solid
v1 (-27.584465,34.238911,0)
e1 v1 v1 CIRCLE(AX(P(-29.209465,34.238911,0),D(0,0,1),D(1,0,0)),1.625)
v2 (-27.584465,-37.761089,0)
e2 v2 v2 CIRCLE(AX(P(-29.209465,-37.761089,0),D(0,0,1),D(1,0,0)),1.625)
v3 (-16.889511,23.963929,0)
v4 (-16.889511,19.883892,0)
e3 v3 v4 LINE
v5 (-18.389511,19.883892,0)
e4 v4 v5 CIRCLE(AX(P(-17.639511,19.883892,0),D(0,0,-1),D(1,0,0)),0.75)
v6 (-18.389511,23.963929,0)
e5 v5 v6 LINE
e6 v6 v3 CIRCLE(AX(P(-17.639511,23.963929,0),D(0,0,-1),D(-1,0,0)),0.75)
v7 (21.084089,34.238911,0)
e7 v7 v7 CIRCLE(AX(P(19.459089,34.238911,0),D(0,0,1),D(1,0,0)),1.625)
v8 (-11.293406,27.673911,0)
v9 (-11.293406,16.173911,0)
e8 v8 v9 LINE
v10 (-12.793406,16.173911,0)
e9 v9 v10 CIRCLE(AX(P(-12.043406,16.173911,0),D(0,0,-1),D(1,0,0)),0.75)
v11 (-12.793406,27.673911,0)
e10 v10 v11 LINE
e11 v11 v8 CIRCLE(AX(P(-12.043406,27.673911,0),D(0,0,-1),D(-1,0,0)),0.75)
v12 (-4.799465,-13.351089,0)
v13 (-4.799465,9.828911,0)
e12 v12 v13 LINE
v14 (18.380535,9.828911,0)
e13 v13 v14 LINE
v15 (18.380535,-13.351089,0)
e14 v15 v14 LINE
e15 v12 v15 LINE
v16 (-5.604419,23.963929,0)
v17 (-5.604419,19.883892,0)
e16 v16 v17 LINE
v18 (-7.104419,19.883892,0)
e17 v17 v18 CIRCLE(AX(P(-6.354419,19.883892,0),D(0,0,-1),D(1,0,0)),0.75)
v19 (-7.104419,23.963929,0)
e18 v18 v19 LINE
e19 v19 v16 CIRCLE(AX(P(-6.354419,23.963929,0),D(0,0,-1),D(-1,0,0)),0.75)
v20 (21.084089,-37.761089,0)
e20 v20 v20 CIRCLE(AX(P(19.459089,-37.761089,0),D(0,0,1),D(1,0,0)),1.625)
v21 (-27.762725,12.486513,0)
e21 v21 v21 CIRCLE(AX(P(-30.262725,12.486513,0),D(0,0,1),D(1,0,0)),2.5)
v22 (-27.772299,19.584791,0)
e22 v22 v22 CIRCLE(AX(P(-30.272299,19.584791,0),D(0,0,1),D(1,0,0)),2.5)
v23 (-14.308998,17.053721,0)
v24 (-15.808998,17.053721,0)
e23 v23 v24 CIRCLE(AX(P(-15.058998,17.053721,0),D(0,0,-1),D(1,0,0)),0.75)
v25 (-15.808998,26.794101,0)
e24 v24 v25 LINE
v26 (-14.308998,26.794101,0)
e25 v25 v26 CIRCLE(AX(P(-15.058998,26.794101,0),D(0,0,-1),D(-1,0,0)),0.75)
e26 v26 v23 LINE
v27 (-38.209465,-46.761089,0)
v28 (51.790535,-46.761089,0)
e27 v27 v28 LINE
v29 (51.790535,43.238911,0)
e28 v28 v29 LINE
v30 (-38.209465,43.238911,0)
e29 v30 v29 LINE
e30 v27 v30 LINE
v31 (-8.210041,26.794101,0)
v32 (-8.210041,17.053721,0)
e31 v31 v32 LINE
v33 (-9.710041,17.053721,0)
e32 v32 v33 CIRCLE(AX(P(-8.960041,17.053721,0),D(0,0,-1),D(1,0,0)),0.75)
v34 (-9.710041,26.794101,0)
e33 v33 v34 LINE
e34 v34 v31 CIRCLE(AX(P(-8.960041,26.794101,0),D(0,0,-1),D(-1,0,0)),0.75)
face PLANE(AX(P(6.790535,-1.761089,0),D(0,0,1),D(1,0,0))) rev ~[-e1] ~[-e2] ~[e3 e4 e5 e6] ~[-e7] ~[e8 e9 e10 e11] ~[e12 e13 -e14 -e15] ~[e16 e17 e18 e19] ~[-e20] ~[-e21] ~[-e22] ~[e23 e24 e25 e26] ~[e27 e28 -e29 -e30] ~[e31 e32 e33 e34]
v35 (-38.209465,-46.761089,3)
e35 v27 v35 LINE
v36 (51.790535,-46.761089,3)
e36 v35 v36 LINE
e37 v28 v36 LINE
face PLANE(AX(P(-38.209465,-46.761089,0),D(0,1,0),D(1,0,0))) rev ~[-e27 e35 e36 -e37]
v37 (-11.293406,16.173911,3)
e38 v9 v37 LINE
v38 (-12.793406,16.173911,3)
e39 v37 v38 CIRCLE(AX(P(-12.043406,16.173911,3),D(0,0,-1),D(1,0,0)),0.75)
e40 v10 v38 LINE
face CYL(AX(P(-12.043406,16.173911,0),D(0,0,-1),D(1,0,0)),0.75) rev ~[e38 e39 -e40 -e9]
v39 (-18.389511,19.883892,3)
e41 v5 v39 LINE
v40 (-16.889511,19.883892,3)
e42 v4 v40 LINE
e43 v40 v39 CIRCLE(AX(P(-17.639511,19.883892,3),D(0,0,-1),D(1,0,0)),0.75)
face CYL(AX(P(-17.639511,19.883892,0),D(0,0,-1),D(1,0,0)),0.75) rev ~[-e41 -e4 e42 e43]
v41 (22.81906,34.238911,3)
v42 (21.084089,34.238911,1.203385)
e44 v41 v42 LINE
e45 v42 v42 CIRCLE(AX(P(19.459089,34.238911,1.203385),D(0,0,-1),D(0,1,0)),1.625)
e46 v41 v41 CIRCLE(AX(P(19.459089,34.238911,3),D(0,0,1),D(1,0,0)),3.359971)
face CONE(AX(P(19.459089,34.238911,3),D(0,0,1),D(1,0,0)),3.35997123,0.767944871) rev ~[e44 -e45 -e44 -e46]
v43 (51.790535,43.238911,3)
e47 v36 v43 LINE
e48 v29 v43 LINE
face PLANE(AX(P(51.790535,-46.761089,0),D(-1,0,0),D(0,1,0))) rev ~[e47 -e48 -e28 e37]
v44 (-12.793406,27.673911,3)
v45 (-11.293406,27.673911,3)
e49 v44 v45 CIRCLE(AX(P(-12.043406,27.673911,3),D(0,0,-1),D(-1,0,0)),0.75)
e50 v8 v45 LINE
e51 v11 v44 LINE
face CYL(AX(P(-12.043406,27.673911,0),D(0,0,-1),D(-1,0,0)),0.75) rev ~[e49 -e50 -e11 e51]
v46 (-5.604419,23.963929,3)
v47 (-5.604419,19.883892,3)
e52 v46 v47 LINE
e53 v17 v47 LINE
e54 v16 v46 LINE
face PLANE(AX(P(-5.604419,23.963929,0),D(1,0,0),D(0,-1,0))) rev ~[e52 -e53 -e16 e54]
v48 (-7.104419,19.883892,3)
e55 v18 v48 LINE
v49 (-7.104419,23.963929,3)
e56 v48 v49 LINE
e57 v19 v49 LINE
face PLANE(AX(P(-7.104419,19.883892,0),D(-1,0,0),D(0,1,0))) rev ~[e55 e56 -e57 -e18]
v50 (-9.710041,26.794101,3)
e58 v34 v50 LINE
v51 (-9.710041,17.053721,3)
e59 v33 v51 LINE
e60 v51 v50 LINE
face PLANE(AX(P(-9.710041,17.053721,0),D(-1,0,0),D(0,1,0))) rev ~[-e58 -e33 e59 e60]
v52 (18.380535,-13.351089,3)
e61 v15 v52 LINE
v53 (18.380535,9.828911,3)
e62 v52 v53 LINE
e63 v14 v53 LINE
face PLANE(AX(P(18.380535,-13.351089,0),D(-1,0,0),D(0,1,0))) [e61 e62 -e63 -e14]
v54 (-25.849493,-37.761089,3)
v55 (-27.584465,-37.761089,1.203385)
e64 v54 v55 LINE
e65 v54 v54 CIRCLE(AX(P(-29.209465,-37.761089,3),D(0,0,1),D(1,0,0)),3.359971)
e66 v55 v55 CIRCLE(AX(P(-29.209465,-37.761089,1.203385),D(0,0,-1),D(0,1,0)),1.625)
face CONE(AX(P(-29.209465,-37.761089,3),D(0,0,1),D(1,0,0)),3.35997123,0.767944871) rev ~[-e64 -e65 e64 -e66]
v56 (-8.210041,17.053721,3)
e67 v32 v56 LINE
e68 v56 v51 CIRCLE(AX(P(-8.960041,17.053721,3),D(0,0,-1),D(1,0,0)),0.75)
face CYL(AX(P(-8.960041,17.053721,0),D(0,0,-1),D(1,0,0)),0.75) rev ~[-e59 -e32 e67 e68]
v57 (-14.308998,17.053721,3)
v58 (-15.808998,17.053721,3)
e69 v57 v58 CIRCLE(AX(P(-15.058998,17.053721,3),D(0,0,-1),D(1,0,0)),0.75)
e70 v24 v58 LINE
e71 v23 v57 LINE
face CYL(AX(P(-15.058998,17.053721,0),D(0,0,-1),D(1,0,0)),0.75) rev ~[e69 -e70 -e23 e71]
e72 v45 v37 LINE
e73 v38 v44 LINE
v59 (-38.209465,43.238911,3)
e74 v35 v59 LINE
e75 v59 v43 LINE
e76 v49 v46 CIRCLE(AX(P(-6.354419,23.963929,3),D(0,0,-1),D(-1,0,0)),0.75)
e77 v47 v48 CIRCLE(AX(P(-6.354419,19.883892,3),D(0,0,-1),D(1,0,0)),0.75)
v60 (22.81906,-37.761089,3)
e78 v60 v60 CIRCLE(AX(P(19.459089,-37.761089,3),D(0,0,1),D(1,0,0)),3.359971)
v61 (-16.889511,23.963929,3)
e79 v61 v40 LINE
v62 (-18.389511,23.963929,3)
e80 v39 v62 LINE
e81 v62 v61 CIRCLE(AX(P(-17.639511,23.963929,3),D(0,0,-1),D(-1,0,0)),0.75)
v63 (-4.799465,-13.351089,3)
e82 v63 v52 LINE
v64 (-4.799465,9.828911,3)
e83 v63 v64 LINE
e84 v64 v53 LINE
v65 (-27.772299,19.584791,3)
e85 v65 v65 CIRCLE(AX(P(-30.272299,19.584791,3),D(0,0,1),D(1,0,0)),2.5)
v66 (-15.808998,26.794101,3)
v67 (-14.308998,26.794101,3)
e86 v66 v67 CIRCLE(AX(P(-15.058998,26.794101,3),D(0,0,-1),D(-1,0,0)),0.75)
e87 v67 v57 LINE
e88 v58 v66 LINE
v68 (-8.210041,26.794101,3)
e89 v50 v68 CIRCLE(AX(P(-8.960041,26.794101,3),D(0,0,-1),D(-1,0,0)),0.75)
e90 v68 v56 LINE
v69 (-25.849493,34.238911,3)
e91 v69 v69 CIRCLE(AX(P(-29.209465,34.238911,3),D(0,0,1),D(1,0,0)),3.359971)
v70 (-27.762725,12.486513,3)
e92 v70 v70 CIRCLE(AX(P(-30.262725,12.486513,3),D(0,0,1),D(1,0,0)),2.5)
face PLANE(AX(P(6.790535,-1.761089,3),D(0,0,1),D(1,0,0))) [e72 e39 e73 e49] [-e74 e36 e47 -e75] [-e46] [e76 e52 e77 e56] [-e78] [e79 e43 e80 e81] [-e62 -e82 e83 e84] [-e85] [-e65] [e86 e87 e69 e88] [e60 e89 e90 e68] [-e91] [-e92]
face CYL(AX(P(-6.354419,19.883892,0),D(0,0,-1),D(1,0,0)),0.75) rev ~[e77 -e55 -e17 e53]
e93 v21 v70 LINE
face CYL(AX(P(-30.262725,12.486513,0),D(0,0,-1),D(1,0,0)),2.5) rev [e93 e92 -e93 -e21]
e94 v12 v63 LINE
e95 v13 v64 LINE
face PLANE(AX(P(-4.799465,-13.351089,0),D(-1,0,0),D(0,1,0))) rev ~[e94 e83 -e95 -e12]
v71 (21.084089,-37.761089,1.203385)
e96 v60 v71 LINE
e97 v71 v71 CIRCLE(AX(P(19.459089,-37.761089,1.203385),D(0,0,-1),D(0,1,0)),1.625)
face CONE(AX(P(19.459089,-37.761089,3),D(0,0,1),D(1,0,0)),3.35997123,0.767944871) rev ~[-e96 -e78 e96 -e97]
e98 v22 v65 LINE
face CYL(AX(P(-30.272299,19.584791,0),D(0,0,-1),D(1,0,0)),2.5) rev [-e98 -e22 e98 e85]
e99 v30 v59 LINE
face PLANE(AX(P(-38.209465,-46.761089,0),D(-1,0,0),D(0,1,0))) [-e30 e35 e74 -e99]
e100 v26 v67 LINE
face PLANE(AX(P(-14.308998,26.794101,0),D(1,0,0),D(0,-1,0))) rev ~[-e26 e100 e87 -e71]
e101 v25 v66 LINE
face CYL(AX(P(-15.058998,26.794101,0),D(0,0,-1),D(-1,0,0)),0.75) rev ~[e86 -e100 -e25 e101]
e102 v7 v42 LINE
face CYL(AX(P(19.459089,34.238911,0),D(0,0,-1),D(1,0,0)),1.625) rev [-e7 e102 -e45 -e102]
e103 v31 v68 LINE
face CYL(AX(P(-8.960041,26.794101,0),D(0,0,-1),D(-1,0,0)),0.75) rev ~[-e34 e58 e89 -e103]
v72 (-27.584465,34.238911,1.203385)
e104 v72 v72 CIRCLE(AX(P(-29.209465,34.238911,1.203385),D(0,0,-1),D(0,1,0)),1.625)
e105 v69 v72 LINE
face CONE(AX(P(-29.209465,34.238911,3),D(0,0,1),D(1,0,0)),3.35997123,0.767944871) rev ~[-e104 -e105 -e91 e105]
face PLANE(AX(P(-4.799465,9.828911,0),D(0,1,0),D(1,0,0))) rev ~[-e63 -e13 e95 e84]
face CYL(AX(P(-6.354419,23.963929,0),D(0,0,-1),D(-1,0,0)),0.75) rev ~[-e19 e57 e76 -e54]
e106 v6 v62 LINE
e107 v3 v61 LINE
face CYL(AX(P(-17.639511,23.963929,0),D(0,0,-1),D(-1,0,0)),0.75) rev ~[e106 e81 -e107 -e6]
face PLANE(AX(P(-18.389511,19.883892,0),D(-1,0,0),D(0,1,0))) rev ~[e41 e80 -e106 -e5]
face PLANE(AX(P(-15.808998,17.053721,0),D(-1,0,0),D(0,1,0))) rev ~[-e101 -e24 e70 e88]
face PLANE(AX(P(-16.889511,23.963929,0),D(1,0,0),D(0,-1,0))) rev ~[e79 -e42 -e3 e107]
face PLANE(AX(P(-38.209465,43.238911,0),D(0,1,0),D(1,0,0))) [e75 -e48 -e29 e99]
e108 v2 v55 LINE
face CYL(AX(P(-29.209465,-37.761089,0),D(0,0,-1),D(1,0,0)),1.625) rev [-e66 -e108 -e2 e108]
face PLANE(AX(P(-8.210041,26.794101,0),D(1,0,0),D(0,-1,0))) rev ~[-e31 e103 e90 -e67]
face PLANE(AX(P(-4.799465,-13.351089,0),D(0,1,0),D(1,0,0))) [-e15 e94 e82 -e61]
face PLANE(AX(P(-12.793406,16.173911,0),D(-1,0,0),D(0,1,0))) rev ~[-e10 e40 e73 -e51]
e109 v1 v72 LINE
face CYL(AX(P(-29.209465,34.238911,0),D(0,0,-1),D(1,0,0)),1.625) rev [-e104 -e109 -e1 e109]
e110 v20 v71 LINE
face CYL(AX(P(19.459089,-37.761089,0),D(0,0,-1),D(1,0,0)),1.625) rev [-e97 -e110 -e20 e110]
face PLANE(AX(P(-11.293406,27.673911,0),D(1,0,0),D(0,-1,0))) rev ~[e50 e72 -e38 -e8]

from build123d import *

# Parameters (mm, degrees)
CROQUIS1_W                      = 90
CROQUIS1_H                      = 90
CROQUIS1_R                      = 2.5
CROQUIS1_R_2                    = 1.625
CROQUIS1_W_2                    = 23.18
CROQUIS1_H_2                    = 23.18
SALIENTE_EXTRUIR1_DEPTH         = 3
CROQUIS2_R                      = 3.35997123
CORTAR_EXTRUIR1_DEPTH           = 1.8
CORTAR_EXTRUIR1_DRAFT           = -44
CORTAR_EXTRUIR1_PROFILE_2_DEPTH = 1.8
CORTAR_EXTRUIR1_PROFILE_2_DRAFT = -44
CORTAR_EXTRUIR1_PROFILE_3_DEPTH = 1.8
CORTAR_EXTRUIR1_PROFILE_3_DRAFT = -44
CORTAR_EXTRUIR1_PROFILE_4_DEPTH = 1.8
CORTAR_EXTRUIR1_PROFILE_4_DRAFT = -44


with BuildPart() as part:
    # Croquis1 → Saliente-Extruir1 (new body)
    with BuildSketch(Plane.XY):
        with Locations((6.790535393, -1.76108936)):
            Rectangle(CROQUIS1_W, CROQUIS1_H)
        with Locations((-30.272299079, 19.584790813)):
            Circle(CROQUIS1_R, mode=Mode.SUBTRACT)
        with Locations((-30.262724761, 12.486512925)):
            Circle(CROQUIS1_R, mode=Mode.SUBTRACT)
        with Locations((-29.209464607, 34.23891064)):
            Circle(CROQUIS1_R_2, mode=Mode.SUBTRACT)
        with Locations((19.459089133, 34.23891064)):
            Circle(CROQUIS1_R_2, mode=Mode.SUBTRACT)
        with Locations((-29.209464607, -37.76108936)):
            Circle(CROQUIS1_R_2, mode=Mode.SUBTRACT)
        with Locations((19.459089133, -37.76108936)):
            Circle(CROQUIS1_R_2, mode=Mode.SUBTRACT)
        with Locations((6.790535393, -1.76108936)):
            Rectangle(CROQUIS1_W_2, CROQUIS1_H_2, mode=Mode.SUBTRACT)
        with BuildLine():
            Line((-11.293405686, 27.67391064), (-11.293405686, 16.17391064))
            ThreePointArc((-11.293405686, 16.17391064), (-12.043405686, 15.42391064), (-12.793405686, 16.17391064))
            Line((-12.793405686, 16.17391064), (-12.793405686, 27.67391064))
            ThreePointArc((-12.793405686, 27.67391064), (-12.043405686, 28.42391064), (-11.293405686, 27.67391064))
        make_face(mode=Mode.SUBTRACT)
        with BuildLine():
            Line((-14.308998248, 26.794100575), (-14.308998248, 17.053720706))
            ThreePointArc((-14.308998248, 17.053720706), (-15.058998248, 16.303720706), (-15.808998248, 17.053720706))
            Line((-15.808998248, 17.053720706), (-15.808998248, 26.794100575))
            ThreePointArc((-15.808998248, 26.794100575), (-15.058998248, 27.544100575), (-14.308998248, 26.794100575))
        make_face(mode=Mode.SUBTRACT)
        with BuildLine():
            Line((-8.210041057, 26.794100575), (-8.210041057, 17.053720706))
            ThreePointArc((-8.210041057, 17.053720706), (-8.960041057, 16.303720706), (-9.710041057, 17.053720706))
            Line((-9.710041057, 17.053720706), (-9.710041057, 26.794100575))
            ThreePointArc((-9.710041057, 26.794100575), (-8.960041057, 27.544100575), (-8.210041057, 26.794100575))
        make_face(mode=Mode.SUBTRACT)
        with BuildLine():
            Line((-16.889510612, 23.96392892), (-16.889510612, 19.883892361))
            ThreePointArc((-16.889510612, 19.883892361), (-17.639510612, 19.133892361), (-18.389510612, 19.883892361))
            Line((-18.389510612, 19.883892361), (-18.389510612, 23.96392892))
            ThreePointArc((-18.389510612, 23.96392892), (-17.639510612, 24.71392892), (-16.889510612, 23.96392892))
        make_face(mode=Mode.SUBTRACT)
        with BuildLine():
            Line((-5.604418602, 23.96392892), (-5.604418602, 19.883892361))
            ThreePointArc((-5.604418602, 19.883892361), (-6.354418602, 19.133892361), (-7.104418602, 19.883892361))
            Line((-7.104418602, 19.883892361), (-7.104418602, 23.96392892))
            ThreePointArc((-7.104418602, 23.96392892), (-6.354418602, 24.71392892), (-5.604418602, 23.96392892))
        make_face(mode=Mode.SUBTRACT)
    extrude(amount=SALIENTE_EXTRUIR1_DEPTH)


with BuildPart() as cortar_extruir1_tool:
    # Croquis2 → Cortar-Extruir1 (with draft: the straight prism first)
    with BuildSketch(Plane.XY.offset(3)):
        with Locations((-29.209464607, 34.23891064)):
            Circle(CROQUIS2_R)
    extrude(amount=-CORTAR_EXTRUIR1_DEPTH)
    # Cortar-Extruir1: the draft: its side faces are tilted about the plane it starts from
    cortar_extruir1_sides = [cortar_extruir1_tool.faces().sort_by_distance(p)[0] for p in [
        (-32.569435837, 34.23891064, 2.1),
    ]]
    draft(cortar_extruir1_sides, Plane.XY.offset(3), CORTAR_EXTRUIR1_DRAFT)


with BuildPart() as part_1:
    add(part.part)

    # Cortar-Extruir1: cut by cortar_extruir1_tool
    add(cortar_extruir1_tool.part, mode=Mode.SUBTRACT)


with BuildPart() as cortar_extruir1_profile_2_tool:
    # Croquis2 → Cortar-Extruir1 profile 2 (with draft: the straight prism first)
    with BuildSketch(Plane.XY.offset(3)):
        with Locations((19.459089133, 34.23891064)):
            Circle(CROQUIS2_R)
    extrude(amount=-CORTAR_EXTRUIR1_PROFILE_2_DEPTH)
    # Cortar-Extruir1 profile 2: the draft: its side faces are tilted about the plane it starts from
    cortar_extruir1_profile_2_sides = [cortar_extruir1_profile_2_tool.faces().sort_by_distance(p)[0] for p in [
        (16.099117903, 34.23891064, 2.1),
    ]]
    draft(cortar_extruir1_profile_2_sides, Plane.XY.offset(3), CORTAR_EXTRUIR1_PROFILE_2_DRAFT)


with BuildPart() as part_2:
    add(part_1.part)

    # Cortar-Extruir1 profile 2: cut by cortar_extruir1_profile_2_tool
    add(cortar_extruir1_profile_2_tool.part, mode=Mode.SUBTRACT)


with BuildPart() as cortar_extruir1_profile_3_tool:
    # Croquis2 → Cortar-Extruir1 profile 3 (with draft: the straight prism first)
    with BuildSketch(Plane.XY.offset(3)):
        with Locations((19.459089133, -37.76108936)):
            Circle(CROQUIS2_R)
    extrude(amount=-CORTAR_EXTRUIR1_PROFILE_3_DEPTH)
    # Cortar-Extruir1 profile 3: the draft: its side faces are tilted about the plane it starts from
    cortar_extruir1_profile_3_sides = [cortar_extruir1_profile_3_tool.faces().sort_by_distance(p)[0] for p in [
        (16.099117903, -37.76108936, 2.1),
    ]]
    draft(cortar_extruir1_profile_3_sides, Plane.XY.offset(3), CORTAR_EXTRUIR1_PROFILE_3_DRAFT)


with BuildPart() as part_3:
    add(part_2.part)

    # Cortar-Extruir1 profile 3: cut by cortar_extruir1_profile_3_tool
    add(cortar_extruir1_profile_3_tool.part, mode=Mode.SUBTRACT)


with BuildPart() as cortar_extruir1_profile_4_tool:
    # Croquis2 → Cortar-Extruir1 profile 4 (with draft: the straight prism first)
    with BuildSketch(Plane.XY.offset(3)):
        with Locations((-29.209464607, -37.76108936)):
            Circle(CROQUIS2_R)
    extrude(amount=-CORTAR_EXTRUIR1_PROFILE_4_DEPTH)
    # Cortar-Extruir1 profile 4: the draft: its side faces are tilted about the plane it starts from
    cortar_extruir1_profile_4_sides = [cortar_extruir1_profile_4_tool.faces().sort_by_distance(p)[0] for p in [
        (-32.569435837, -37.76108936, 2.1),
    ]]
    draft(cortar_extruir1_profile_4_sides, Plane.XY.offset(3), CORTAR_EXTRUIR1_PROFILE_4_DRAFT)


with BuildPart() as part_4:
    add(part_3.part)

    # Cortar-Extruir1 profile 4: cut by cortar_extruir1_profile_4_tool
    add(cortar_extruir1_profile_4_tool.part, mode=Mode.SUBTRACT)


solid = part_4.part
